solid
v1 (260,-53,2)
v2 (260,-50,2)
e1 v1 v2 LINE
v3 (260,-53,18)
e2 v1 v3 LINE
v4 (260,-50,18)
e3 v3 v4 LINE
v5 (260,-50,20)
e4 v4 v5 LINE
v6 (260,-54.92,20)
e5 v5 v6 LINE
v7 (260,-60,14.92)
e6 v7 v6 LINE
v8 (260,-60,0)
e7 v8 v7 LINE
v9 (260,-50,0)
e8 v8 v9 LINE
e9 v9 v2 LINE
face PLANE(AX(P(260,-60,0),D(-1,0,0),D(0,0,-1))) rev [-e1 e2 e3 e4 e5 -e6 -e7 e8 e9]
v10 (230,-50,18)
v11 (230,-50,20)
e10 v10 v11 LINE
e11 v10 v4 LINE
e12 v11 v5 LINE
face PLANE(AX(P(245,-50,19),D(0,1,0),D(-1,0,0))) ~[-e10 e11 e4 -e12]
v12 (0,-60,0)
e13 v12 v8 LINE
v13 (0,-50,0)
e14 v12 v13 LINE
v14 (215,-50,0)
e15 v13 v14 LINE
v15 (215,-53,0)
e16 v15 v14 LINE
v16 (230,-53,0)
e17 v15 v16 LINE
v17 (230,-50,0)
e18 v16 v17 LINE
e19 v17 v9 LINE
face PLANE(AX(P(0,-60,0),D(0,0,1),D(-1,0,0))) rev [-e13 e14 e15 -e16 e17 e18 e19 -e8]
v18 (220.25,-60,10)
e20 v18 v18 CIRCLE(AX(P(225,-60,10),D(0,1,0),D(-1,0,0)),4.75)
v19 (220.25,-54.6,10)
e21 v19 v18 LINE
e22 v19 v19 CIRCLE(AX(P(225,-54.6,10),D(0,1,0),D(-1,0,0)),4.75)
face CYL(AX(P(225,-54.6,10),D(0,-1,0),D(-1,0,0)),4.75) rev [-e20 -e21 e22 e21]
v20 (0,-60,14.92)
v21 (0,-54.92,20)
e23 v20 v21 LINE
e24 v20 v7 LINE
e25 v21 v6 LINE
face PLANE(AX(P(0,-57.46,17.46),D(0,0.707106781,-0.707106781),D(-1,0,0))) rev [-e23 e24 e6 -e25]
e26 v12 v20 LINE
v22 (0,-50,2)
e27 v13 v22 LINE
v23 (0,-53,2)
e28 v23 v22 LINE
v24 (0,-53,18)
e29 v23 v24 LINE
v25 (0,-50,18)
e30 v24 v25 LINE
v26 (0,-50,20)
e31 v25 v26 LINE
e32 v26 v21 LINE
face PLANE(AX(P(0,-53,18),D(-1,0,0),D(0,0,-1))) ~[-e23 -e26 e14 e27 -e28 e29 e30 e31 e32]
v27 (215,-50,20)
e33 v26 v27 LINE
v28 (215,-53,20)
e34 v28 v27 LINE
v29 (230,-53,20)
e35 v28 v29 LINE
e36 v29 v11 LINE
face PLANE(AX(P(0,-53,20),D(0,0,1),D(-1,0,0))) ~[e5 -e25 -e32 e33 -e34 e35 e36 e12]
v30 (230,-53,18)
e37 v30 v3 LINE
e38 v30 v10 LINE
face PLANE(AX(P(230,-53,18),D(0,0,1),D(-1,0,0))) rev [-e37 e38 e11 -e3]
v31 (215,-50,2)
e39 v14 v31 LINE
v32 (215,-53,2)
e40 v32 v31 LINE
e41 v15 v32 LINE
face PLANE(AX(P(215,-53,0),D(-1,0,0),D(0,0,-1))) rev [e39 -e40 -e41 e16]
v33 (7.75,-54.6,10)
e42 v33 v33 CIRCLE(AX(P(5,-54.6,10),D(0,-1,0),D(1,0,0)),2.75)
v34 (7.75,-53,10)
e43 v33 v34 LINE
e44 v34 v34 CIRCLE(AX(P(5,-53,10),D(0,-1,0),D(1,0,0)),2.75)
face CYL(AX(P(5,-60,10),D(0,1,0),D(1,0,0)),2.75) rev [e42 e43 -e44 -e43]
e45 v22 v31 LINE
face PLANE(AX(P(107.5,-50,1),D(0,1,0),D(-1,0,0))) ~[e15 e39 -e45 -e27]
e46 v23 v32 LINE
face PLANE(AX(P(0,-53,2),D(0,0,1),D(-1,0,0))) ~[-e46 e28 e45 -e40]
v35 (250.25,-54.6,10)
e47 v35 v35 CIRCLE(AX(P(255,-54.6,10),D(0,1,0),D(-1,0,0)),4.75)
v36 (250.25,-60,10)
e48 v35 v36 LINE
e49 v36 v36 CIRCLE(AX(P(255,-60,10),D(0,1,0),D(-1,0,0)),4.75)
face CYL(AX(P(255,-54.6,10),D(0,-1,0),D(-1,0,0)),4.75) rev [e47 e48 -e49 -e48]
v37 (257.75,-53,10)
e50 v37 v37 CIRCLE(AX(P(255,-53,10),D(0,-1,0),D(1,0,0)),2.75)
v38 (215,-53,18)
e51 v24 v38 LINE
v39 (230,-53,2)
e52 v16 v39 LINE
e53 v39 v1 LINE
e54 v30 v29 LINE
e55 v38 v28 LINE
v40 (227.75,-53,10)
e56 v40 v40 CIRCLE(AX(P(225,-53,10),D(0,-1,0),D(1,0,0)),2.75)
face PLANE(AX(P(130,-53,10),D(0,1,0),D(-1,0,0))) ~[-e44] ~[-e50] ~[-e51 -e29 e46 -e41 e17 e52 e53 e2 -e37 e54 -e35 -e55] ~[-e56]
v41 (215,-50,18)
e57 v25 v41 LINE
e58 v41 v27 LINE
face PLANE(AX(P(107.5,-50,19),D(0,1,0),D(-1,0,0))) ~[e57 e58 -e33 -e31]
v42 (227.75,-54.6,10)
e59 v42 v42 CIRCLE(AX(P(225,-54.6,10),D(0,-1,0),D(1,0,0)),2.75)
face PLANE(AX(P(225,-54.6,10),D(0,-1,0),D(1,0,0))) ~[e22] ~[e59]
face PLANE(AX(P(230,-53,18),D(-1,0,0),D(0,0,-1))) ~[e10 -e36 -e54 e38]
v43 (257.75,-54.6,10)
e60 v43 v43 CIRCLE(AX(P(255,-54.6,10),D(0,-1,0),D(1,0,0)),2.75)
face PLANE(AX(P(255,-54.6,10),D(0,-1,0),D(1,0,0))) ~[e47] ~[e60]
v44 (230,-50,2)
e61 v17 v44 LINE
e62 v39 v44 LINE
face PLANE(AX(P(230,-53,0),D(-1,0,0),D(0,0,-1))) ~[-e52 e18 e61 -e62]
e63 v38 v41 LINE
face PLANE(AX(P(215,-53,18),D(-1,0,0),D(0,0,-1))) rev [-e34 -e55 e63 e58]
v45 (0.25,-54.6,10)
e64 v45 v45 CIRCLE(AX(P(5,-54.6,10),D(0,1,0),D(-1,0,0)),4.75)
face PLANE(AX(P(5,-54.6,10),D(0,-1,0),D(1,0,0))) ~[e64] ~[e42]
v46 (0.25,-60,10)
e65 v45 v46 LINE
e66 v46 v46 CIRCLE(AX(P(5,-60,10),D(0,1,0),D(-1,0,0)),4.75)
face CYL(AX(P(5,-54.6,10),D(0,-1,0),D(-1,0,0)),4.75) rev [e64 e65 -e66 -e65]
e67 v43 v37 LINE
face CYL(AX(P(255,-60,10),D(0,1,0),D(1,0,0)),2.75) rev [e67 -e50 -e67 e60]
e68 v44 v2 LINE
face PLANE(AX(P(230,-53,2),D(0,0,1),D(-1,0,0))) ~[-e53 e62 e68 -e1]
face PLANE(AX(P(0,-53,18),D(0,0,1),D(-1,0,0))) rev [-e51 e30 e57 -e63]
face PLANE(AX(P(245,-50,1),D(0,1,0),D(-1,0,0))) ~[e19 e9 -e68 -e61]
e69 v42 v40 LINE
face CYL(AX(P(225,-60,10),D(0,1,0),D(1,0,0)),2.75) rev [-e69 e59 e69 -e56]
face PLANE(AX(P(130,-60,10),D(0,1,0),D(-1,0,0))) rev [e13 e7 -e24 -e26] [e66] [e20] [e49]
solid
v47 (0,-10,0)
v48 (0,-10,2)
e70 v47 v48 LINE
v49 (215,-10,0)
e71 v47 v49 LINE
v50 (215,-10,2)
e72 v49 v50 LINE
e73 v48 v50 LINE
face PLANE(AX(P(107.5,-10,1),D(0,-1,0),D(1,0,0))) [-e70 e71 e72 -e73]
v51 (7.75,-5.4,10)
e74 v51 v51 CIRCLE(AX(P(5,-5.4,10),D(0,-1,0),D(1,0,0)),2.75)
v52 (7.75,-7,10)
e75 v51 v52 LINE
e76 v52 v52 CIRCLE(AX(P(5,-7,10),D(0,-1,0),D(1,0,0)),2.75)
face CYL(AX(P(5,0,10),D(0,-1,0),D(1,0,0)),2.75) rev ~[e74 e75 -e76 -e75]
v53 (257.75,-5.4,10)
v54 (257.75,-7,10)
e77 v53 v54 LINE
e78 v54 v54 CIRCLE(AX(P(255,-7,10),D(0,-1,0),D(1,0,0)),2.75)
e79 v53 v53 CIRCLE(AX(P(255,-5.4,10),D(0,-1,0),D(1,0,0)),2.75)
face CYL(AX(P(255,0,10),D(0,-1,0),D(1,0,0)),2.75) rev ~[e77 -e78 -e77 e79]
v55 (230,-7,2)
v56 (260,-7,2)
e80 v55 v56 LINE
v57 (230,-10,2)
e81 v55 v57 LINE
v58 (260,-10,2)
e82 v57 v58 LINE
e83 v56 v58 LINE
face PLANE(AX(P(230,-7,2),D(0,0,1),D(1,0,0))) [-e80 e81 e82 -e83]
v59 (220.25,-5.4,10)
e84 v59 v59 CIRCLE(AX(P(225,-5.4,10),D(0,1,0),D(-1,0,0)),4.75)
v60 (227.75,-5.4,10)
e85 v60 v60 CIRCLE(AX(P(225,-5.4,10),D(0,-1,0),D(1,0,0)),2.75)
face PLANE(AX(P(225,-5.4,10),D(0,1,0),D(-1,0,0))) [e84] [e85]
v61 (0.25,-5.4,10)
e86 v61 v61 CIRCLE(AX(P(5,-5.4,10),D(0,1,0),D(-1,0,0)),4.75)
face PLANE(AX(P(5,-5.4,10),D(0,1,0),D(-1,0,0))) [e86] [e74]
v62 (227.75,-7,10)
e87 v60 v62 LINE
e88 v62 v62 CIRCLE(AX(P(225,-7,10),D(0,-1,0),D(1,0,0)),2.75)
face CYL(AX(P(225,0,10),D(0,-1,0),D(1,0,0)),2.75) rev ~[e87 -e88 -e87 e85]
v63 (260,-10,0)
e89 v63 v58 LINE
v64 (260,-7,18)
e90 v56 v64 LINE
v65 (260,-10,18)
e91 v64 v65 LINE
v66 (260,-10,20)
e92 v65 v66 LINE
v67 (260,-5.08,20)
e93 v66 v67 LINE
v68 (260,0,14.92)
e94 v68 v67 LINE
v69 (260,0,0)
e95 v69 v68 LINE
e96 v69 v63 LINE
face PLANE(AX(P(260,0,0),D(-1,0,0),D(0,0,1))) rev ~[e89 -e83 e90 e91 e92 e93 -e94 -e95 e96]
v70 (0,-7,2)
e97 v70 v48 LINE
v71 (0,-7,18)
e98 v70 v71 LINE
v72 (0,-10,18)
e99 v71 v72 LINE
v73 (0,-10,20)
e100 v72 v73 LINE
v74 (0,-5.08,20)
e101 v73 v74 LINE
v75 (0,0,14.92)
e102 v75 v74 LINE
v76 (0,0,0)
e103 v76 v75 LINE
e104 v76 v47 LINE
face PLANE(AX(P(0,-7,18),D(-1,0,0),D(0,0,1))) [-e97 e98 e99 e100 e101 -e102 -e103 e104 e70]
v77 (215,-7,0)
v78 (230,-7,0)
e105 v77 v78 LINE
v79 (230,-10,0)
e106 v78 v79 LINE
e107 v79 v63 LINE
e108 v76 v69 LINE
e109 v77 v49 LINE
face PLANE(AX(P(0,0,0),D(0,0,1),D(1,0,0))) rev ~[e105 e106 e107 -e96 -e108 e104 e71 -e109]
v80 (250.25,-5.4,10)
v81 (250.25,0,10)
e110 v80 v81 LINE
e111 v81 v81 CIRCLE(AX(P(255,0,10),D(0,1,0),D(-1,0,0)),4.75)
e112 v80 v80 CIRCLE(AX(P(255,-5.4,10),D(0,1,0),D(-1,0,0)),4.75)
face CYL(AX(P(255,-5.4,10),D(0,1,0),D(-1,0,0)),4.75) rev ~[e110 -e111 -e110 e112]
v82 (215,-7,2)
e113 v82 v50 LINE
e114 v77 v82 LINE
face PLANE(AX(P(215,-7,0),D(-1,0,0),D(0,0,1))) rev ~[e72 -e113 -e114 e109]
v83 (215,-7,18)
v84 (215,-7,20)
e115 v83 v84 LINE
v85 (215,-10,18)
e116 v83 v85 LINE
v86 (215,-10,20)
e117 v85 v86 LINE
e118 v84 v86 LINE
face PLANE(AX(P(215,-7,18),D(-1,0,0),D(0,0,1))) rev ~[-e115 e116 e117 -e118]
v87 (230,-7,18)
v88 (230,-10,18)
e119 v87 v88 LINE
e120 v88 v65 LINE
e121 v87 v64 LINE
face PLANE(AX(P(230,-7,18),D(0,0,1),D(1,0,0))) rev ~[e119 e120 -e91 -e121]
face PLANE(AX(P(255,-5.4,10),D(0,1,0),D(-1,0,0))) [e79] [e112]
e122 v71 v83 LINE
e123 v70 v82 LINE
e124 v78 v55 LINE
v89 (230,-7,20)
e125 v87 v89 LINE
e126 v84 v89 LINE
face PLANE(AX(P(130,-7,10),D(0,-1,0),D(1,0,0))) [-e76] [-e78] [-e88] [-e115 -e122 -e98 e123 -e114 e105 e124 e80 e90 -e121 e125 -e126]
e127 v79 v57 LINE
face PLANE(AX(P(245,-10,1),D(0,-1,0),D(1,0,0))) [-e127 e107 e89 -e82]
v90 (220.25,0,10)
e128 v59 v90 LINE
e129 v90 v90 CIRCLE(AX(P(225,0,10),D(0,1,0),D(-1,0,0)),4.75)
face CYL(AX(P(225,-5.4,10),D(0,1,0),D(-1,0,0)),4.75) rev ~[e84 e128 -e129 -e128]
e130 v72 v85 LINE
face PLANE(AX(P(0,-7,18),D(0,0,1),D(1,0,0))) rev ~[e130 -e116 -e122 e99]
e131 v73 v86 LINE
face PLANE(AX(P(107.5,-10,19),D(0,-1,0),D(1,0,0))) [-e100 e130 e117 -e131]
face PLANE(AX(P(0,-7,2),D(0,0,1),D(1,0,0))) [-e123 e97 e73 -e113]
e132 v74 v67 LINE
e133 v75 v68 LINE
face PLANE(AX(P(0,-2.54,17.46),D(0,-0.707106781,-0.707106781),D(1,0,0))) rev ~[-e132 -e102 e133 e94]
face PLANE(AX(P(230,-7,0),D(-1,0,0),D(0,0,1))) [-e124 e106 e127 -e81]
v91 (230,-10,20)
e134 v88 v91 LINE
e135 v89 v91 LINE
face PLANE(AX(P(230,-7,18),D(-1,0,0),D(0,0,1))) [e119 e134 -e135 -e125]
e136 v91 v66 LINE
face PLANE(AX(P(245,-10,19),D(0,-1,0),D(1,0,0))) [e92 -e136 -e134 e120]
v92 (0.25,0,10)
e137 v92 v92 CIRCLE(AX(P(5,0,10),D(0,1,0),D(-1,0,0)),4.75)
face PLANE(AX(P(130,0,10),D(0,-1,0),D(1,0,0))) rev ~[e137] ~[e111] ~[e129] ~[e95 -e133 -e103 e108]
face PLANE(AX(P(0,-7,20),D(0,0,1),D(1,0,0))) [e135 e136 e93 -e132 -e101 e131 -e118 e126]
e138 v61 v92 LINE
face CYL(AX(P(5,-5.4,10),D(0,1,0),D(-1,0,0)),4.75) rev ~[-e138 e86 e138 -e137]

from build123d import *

# Parameters (mm, degrees)
F0_W           = 260
F0_H           = 20
F1_DEPTH       = 7
F3_D           = 5.5
F3_CBORE_D     = 9.5
F3_CBORE_DEPTH = 5.4
F4_W           = 215
F4_H           = 2
F4_W_2         = 30
F5_DEPTH       = 3
F6_SIZE        = 5.08


with BuildPart() as f1:
    # F0 (on Front) → F1 (new body)
    with BuildSketch(Plane.XZ):
        with Locations((130, 10)):
            Rectangle(F0_W, F0_H)
    extrude(amount=F1_DEPTH)

    # F3 (through all)
    with Locations(Plane(origin=(0, 0, 0), x_dir=(-1, 0, 0), z_dir=(0, 1, 0))):
        with Locations((-225, 10), (-5, 10), (-255, 10)):
            CounterBoreHole(F3_D / 2, F3_CBORE_D / 2, F3_CBORE_DEPTH)

    # F4 (on face) → F5 (join)
    with BuildSketch(Plane.XZ.offset(7)):
        with Locations((107.5, 19)):
            Rectangle(F4_W, F4_H)
        with Locations((245, 19)):
            Rectangle(F4_W_2, F4_H)
        with Locations((107.5, 1)):
            Rectangle(F4_W, F4_H)
        with Locations((245, 1)):
            Rectangle(F4_W_2, F4_H)
    extrude(amount=F5_DEPTH)

    # F6
    f6_edges = [f1.edges().sort_by_distance(p)[0] for p in [
        (130, 0, 20),
    ]]
    chamfer(f6_edges, length=F6_SIZE)


with BuildPart() as f8_1:
    # F8: instance of F1
    add(f1.part.mirror(Plane(origin=(107.5, -30, 19), x_dir=(1, 0, 0), z_dir=(0, -1, 0))))


solid = Compound([f1.part, f8_1.part])
